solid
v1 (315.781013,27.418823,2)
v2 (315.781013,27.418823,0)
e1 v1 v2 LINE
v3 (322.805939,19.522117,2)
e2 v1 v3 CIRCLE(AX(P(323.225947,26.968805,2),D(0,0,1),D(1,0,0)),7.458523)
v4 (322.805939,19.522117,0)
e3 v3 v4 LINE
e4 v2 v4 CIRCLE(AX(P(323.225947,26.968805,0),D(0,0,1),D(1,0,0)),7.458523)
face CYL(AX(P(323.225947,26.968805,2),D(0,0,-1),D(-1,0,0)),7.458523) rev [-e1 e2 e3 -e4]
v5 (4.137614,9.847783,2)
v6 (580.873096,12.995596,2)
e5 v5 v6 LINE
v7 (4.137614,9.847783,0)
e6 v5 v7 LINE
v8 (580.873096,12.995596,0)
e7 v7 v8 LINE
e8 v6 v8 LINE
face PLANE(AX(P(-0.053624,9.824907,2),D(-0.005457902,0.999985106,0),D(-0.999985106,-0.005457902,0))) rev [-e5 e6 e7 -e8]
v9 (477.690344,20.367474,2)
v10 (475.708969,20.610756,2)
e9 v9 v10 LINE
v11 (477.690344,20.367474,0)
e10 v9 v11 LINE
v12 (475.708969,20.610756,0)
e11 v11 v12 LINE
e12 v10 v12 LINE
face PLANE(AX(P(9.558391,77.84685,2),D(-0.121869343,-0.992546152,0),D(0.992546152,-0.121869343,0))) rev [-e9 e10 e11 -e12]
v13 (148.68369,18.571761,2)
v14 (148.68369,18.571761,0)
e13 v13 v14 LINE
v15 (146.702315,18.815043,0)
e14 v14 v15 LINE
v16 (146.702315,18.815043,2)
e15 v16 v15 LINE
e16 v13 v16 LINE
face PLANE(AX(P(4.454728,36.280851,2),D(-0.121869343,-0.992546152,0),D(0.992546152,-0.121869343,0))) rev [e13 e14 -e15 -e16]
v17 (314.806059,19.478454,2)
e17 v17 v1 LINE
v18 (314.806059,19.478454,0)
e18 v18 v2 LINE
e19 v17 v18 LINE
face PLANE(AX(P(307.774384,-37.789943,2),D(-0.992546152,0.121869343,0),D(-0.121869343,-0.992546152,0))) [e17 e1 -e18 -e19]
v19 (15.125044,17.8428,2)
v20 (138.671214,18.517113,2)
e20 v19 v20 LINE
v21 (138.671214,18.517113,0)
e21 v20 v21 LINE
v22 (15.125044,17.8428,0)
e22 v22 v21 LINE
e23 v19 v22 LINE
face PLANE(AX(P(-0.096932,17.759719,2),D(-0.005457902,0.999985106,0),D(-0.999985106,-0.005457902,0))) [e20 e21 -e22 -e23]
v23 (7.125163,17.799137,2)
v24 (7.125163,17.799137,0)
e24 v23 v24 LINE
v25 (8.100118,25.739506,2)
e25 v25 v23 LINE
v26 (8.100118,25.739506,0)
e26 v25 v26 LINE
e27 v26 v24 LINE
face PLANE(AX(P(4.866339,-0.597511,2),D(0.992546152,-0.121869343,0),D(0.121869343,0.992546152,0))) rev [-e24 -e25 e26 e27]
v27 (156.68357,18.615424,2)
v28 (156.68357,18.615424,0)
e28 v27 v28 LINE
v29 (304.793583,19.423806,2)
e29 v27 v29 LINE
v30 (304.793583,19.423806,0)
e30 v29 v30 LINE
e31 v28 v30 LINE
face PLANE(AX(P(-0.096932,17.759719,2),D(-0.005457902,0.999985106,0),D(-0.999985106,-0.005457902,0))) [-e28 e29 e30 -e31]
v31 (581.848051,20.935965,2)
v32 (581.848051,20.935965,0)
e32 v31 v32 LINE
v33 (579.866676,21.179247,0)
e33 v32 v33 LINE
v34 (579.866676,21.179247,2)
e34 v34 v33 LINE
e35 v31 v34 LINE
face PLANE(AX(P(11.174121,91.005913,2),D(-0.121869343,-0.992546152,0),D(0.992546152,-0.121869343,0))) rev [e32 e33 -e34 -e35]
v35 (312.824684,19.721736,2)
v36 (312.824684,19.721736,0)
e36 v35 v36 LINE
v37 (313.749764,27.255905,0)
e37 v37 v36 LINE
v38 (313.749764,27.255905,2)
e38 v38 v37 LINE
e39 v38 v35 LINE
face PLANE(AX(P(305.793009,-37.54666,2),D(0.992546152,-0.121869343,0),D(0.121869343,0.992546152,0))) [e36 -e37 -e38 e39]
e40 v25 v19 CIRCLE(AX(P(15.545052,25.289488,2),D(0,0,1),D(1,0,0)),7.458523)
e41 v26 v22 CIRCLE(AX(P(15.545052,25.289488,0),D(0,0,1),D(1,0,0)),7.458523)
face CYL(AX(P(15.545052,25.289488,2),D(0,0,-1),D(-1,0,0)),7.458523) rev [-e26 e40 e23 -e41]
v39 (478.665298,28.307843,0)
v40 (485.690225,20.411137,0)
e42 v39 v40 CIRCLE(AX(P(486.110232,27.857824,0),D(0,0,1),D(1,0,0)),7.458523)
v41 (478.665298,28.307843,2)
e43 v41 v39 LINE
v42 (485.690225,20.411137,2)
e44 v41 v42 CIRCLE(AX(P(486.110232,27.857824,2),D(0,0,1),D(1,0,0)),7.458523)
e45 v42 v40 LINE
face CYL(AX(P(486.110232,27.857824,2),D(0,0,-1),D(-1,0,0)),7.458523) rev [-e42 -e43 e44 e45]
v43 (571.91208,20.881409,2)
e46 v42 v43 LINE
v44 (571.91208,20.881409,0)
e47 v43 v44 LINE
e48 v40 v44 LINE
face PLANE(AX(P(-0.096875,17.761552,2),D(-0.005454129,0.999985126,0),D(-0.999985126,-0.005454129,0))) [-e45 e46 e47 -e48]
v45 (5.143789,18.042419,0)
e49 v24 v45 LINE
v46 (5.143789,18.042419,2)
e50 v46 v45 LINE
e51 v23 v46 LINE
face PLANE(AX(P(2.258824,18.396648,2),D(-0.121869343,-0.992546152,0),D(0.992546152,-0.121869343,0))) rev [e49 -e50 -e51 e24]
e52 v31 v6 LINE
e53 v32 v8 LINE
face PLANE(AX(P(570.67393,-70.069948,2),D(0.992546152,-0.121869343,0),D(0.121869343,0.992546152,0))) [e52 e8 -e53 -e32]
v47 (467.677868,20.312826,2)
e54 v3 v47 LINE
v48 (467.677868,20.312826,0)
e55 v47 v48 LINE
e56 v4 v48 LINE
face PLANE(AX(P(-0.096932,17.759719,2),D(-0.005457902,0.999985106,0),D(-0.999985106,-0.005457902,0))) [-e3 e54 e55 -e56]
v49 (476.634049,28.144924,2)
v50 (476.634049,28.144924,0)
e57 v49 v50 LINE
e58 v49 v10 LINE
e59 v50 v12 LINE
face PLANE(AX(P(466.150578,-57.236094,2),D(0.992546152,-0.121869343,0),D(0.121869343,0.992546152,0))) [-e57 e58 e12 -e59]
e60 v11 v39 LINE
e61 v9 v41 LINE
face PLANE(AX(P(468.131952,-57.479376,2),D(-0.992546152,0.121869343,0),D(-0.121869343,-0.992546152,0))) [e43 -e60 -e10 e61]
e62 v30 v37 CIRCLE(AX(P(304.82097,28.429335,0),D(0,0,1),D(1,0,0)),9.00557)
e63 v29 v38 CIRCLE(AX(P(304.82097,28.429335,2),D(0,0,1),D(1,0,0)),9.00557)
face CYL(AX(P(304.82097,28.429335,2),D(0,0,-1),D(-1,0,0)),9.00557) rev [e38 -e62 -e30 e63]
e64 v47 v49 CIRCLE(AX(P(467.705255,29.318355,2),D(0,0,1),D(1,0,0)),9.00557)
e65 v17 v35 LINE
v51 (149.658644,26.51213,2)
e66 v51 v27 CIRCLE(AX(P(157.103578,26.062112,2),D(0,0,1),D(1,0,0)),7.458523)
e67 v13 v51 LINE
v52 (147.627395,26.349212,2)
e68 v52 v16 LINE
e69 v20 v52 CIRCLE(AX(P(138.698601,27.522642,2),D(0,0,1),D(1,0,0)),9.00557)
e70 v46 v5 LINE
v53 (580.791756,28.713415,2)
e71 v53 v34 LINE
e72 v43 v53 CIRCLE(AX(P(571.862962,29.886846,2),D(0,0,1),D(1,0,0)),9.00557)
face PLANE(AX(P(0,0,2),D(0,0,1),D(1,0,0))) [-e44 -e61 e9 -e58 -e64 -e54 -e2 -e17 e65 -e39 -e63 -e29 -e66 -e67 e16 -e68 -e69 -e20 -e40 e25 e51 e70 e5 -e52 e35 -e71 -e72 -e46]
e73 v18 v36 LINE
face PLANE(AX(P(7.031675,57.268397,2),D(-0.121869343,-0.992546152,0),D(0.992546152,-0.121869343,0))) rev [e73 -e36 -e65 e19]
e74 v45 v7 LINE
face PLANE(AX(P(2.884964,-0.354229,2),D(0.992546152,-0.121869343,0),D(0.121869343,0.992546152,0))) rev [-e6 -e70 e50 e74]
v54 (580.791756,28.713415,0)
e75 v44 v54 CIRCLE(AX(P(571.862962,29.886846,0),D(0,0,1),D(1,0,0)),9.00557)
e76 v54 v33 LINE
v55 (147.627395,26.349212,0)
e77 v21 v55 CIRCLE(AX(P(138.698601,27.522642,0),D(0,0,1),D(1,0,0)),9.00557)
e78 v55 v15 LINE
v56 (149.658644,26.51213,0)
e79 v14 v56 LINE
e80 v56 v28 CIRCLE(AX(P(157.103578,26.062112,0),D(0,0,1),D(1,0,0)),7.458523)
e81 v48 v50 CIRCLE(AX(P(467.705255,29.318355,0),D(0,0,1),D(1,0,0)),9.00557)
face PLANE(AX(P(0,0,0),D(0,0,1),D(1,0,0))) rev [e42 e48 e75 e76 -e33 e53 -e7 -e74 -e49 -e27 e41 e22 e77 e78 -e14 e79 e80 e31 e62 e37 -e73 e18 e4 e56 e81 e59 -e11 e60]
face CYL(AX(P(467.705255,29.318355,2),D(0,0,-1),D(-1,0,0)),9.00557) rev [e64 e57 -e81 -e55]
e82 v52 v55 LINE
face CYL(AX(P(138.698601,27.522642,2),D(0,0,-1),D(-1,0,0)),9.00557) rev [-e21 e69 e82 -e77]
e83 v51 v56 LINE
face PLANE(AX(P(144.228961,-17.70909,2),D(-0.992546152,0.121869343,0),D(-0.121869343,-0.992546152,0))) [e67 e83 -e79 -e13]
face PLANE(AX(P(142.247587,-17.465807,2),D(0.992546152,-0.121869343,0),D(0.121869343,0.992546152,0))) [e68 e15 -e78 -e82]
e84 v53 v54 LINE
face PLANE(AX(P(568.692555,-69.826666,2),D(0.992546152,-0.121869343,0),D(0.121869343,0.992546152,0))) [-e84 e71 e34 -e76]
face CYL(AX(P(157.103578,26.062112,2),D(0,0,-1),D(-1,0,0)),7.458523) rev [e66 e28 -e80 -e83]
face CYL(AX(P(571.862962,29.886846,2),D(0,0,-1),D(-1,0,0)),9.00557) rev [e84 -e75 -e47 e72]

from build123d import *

# Parameters (mm, degrees)
EXTRUDE_1_DEPTH = 2


with BuildPart() as part:
    # Model → 凸台-拉伸1 (new body)
    with BuildSketch(Plane.XY):
        with BuildLine():
            Line((5.143788589, 18.04241923), (4.137613793, 9.847783121))
            Line((4.137613793, 9.847783121), (580.873096163, 12.99559552))
            Line((580.873096163, 12.99559552), (581.848050911, 20.935964733))
            Line((581.848050911, 20.935964733), (579.866676478, 21.179246923))
            Line((579.866676478, 21.179246923), (580.791756024, 28.713415216))
            ThreePointArc((580.791756024, 28.713415216), (577.819958349, 23.132995179), (571.91207976, 20.881409119))
            Line((571.91207976, 20.881409119), (485.690224553, 20.411136961))
            ThreePointArc((485.690224553, 20.411136961), (480.53763707, 22.90043185), (478.665298456, 28.307842962))
            Line((478.665298456, 28.307842962), (477.690343709, 20.367473749))
            Line((477.690343709, 20.367473749), (475.708969276, 20.610755938))
            Line((475.708969276, 20.610755938), (476.634048822, 28.144924232))
            ThreePointArc((476.634048822, 28.144924232), (473.633509712, 22.539262149), (467.677868383, 20.31282583))
            Line((467.677868383, 20.31282583), (322.805939428, 19.522117319))
            ThreePointArc((322.805939428, 19.522117319), (317.653351945, 22.011412208), (315.781013331, 27.418823319))
            Line((315.781013331, 27.418823319), (314.806058584, 19.478454106))
            Line((314.806058584, 19.478454106), (312.824684151, 19.721736296))
            Line((312.824684151, 19.721736296), (313.749763697, 27.25590459))
            ThreePointArc((313.749763697, 27.25590459), (310.749224588, 21.650242507), (304.793583258, 19.423806187))
            Line((304.793583258, 19.423806187), (156.683570496, 18.615424271))
            ThreePointArc((156.683570496, 18.615424271), (151.530983012, 21.104719159), (149.658644399, 26.512130271))
            Line((149.658644399, 26.512130271), (148.683689651, 18.571761058))
            Line((148.683689651, 18.571761058), (146.702315218, 18.815043248))
            Line((146.702315218, 18.815043248), (147.627394764, 26.349211541))
            ThreePointArc((147.627394764, 26.349211541), (144.626855655, 20.743549458), (138.671214325, 18.517113139))
            Line((138.671214325, 18.517113139), (15.125043867, 17.842800254))
            ThreePointArc((15.125043867, 17.842800254), (9.972456383, 20.332095142), (8.10011777, 25.739506254))
            Line((8.10011777, 25.739506254), (7.125163022, 17.799137041))
            Line((7.125163022, 17.799137041), (5.143788589, 18.04241923))
        make_face()
    extrude(amount=EXTRUDE_1_DEPTH)


solid = part.part
